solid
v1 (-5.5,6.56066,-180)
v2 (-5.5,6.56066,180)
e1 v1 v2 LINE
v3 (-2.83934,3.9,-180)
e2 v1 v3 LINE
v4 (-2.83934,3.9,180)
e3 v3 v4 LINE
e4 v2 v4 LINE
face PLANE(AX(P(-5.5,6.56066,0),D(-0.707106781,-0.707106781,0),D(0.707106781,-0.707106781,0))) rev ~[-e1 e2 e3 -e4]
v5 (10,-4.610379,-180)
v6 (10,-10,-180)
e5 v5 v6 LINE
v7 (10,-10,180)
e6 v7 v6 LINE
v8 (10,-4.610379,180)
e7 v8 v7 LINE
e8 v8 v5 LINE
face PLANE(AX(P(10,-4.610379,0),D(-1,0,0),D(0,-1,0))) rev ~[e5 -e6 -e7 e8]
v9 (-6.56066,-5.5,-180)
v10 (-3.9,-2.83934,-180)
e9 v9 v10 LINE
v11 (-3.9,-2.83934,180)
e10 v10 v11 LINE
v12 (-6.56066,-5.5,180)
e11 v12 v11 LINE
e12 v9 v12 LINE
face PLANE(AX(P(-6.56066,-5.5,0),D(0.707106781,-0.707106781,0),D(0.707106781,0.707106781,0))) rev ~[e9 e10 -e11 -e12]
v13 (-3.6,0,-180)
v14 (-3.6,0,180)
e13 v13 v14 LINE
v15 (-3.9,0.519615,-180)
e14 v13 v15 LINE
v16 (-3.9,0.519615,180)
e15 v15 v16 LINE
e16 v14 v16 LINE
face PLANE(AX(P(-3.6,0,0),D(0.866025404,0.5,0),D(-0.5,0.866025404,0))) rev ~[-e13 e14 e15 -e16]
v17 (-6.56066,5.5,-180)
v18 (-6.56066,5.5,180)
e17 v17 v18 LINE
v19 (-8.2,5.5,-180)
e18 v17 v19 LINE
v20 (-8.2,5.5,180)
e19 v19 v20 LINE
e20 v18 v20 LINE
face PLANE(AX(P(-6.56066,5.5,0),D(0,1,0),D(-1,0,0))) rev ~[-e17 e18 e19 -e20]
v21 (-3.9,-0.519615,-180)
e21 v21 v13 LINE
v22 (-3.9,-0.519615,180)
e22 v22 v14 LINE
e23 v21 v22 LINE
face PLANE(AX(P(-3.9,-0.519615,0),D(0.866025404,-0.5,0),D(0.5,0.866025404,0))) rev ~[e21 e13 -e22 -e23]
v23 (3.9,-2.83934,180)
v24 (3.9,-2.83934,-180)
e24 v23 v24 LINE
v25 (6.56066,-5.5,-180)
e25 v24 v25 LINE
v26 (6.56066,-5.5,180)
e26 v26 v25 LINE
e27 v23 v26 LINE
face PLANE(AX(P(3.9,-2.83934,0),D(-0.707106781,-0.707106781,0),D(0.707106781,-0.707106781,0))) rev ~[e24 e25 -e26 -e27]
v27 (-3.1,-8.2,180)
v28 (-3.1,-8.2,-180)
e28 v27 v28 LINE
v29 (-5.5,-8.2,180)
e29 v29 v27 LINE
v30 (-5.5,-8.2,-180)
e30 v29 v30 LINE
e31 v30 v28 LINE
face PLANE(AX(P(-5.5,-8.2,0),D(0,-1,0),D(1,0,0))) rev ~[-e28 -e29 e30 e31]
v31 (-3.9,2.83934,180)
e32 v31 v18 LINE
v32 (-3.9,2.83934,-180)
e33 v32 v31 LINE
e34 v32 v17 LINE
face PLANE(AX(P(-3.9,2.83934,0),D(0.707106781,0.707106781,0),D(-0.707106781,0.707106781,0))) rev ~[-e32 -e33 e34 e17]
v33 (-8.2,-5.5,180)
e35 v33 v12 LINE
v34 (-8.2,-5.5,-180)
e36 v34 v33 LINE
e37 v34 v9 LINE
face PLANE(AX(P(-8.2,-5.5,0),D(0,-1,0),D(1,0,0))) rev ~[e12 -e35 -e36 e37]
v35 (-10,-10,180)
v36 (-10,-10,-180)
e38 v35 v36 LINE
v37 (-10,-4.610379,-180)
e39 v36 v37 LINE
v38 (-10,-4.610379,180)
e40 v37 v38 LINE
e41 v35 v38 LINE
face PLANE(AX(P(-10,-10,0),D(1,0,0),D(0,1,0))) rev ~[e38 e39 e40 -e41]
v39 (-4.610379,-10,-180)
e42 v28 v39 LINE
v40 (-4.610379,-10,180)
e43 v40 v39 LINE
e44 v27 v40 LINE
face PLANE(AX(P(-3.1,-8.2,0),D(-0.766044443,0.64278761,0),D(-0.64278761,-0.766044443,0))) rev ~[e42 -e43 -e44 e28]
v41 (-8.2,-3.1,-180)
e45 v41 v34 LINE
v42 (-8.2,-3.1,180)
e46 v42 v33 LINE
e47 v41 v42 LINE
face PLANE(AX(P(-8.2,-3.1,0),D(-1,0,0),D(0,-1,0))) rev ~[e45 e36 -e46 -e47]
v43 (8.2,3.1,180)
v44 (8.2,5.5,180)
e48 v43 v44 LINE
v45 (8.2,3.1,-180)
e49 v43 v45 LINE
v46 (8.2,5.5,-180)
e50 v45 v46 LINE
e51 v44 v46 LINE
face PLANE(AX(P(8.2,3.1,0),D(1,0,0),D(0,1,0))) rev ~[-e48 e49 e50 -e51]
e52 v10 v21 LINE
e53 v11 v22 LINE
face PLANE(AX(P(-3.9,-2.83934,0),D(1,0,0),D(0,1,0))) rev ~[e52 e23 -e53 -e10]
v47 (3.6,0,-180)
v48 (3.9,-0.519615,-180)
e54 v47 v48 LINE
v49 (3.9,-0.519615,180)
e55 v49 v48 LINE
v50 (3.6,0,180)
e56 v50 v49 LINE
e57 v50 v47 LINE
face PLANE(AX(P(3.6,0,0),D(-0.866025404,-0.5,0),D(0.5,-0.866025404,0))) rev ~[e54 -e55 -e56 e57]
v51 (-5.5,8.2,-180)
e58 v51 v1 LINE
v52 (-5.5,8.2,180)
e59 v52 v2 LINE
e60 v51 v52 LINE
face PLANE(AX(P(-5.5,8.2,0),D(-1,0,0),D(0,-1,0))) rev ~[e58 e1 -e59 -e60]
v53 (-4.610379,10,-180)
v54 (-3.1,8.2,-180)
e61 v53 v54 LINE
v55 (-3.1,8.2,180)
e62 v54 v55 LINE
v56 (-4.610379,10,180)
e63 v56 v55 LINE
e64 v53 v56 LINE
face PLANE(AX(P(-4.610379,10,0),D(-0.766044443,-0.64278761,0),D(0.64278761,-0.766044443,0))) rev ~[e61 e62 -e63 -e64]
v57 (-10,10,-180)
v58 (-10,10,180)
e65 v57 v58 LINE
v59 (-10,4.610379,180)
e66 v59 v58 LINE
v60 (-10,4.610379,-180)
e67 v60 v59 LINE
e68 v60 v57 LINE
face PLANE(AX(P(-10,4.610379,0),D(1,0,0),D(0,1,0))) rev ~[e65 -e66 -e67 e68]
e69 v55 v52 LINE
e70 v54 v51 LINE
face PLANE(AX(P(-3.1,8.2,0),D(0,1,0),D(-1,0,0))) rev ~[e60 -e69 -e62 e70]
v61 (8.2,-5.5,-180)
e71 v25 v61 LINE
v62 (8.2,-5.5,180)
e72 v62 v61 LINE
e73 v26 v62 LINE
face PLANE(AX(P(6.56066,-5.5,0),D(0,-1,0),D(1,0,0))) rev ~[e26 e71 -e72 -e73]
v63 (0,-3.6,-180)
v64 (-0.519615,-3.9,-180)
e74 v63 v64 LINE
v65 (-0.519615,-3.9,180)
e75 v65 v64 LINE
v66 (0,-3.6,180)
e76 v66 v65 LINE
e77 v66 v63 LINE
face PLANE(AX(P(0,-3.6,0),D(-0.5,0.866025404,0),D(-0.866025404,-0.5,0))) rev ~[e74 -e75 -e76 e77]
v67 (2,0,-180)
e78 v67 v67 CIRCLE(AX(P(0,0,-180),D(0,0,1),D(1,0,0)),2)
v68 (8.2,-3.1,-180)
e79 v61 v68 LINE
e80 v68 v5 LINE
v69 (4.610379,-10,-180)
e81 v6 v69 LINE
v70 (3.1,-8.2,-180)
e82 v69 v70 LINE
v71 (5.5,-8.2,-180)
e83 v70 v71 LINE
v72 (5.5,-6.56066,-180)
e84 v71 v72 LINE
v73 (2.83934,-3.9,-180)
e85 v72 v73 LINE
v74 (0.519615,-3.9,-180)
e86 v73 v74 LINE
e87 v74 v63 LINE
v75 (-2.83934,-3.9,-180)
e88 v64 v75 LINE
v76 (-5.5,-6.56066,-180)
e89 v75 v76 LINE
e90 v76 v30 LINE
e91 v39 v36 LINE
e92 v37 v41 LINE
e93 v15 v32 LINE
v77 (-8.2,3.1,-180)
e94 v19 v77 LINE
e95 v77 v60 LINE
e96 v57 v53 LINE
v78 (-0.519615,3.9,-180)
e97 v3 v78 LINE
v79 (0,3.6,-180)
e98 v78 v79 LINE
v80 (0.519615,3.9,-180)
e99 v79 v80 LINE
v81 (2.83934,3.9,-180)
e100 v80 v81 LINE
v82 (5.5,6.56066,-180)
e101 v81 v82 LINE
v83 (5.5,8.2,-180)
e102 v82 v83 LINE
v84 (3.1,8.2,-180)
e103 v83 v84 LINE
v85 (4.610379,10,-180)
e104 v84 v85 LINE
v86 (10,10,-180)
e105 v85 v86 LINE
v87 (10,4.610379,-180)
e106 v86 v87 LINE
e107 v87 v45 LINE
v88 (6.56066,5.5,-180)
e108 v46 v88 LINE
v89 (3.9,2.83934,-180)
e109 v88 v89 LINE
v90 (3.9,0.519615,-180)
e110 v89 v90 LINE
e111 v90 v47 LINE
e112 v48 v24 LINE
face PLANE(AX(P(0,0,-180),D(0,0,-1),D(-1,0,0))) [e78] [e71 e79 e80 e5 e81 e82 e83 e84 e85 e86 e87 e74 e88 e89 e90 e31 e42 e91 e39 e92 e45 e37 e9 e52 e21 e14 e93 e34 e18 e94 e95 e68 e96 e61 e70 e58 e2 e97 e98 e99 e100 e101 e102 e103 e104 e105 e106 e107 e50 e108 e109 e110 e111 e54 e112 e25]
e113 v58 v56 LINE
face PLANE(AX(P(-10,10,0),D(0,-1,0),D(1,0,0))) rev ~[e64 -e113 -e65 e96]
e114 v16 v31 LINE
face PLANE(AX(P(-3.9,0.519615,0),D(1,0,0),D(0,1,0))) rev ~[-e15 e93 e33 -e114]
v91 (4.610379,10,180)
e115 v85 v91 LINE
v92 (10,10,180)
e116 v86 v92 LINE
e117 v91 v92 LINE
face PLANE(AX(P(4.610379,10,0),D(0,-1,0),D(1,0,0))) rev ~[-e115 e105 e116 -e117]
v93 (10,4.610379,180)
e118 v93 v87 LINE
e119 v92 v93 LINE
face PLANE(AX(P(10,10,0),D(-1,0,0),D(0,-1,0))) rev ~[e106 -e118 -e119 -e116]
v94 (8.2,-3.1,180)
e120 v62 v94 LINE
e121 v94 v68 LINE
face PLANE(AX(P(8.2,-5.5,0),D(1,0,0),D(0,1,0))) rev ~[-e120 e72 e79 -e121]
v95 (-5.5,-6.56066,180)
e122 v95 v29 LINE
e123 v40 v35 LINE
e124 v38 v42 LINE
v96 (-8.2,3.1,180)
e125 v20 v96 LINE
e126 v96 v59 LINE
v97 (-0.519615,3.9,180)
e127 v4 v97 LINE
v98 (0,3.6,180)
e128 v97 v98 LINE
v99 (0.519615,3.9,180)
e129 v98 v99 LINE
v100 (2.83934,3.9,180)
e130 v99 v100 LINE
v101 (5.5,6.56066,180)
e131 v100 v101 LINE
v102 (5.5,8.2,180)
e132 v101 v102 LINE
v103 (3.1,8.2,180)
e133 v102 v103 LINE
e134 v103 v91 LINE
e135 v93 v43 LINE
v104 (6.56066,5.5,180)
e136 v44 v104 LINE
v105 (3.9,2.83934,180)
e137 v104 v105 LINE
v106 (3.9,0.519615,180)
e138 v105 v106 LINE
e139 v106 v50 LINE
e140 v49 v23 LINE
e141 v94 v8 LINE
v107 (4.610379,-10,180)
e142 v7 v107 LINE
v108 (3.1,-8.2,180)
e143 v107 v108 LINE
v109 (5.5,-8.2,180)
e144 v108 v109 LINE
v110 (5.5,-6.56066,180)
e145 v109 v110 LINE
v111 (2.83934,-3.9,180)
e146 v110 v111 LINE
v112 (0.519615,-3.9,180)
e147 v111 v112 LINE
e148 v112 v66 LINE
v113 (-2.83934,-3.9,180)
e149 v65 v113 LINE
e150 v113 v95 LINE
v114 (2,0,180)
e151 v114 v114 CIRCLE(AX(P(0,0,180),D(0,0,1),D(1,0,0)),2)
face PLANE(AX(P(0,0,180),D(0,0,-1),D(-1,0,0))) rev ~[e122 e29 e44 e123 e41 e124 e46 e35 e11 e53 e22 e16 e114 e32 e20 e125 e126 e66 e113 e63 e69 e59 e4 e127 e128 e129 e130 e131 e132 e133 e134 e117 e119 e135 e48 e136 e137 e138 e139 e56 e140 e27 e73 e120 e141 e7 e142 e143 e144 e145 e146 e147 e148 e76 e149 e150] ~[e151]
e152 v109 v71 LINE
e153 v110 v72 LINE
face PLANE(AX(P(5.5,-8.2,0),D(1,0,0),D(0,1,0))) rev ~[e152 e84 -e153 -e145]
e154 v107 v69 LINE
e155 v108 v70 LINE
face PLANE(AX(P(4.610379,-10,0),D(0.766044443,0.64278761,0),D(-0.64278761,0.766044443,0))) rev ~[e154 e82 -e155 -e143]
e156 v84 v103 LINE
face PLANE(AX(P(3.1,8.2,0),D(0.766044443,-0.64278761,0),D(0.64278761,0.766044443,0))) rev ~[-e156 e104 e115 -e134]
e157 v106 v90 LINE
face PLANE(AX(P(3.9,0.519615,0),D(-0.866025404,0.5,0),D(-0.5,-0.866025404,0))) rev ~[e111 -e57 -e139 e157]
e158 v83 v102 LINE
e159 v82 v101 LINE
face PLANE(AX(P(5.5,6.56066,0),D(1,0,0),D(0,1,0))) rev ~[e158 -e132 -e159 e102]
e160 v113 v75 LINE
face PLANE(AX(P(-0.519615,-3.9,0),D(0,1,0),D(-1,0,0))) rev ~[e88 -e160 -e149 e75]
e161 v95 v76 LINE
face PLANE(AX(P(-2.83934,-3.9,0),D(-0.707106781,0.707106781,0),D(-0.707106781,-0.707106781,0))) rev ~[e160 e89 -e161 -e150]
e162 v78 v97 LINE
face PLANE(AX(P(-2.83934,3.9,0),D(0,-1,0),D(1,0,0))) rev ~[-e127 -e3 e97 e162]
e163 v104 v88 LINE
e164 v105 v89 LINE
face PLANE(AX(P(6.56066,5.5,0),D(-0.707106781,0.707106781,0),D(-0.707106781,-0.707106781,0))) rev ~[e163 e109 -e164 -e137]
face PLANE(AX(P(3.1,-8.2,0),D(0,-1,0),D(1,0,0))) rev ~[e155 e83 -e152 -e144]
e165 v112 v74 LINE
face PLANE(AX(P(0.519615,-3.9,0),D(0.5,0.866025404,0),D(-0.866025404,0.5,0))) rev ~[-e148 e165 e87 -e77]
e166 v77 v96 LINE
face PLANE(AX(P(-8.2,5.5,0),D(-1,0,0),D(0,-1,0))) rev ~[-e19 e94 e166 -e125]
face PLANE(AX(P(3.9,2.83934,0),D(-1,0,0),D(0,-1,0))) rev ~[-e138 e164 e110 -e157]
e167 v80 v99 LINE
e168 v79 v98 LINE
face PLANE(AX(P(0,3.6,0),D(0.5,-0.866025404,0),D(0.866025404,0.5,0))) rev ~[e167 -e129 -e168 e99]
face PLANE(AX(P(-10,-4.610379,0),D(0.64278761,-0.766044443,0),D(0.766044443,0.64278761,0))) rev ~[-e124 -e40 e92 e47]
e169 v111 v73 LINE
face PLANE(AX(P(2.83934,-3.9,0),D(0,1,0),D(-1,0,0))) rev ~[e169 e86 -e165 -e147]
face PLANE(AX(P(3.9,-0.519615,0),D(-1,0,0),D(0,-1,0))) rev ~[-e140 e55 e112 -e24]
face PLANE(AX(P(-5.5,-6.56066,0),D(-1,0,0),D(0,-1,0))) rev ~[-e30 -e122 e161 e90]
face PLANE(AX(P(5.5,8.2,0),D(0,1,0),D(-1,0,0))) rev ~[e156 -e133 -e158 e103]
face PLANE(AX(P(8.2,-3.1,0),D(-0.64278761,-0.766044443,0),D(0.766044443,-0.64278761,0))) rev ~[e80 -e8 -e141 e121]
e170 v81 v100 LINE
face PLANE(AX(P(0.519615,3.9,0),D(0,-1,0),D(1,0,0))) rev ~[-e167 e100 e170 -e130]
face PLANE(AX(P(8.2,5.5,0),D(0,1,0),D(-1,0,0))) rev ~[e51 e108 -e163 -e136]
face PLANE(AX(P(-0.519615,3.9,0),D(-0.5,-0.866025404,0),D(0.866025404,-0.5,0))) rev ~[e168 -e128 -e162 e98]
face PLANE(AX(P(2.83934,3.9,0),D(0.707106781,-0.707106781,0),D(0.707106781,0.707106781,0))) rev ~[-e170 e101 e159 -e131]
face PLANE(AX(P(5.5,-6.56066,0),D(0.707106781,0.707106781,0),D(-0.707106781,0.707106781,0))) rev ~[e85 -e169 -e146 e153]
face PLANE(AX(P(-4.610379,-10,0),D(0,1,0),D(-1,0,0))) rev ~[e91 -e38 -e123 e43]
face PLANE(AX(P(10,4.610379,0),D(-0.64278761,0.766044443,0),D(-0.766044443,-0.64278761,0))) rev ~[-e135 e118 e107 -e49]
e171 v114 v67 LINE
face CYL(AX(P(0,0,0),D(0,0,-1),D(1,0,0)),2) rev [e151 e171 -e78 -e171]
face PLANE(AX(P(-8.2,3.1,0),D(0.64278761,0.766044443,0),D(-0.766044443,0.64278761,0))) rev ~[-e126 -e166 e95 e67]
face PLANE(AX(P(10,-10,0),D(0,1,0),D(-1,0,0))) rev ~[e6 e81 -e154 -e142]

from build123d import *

# Parameters (mm, degrees)
SKETCH1_R           = 2
BOSS_EXTRUDE1_DEPTH = 180


with BuildPart() as part:
    # Sketch1 → Boss-Extrude1 (new body, symmetric)
    with BuildSketch(Plane.XY):
        Polygon((10, 10), (10, 4.610379336), (8.2, 3.1), (8.2, 5.5), (6.560660172, 5.5), (3.9, 2.839339828), (3.9, 0.519615242), (3.6, 0), (3.9, -0.519615242), (3.9, -2.839339828), (6.560660172, -5.5), (8.2, -5.5), (8.2, -3.1), (10, -4.610379336), (10, -10), (4.610379336, -10), (3.1, -8.2), (5.5, -8.2), (5.5, -6.560660172), (2.839339828, -3.9), (0.519615242, -3.9), (0, -3.6), (-0.519615242, -3.9), (-2.839339828, -3.9), (-5.5, -6.560660172), (-5.5, -8.2), (-3.1, -8.2), (-4.610379336, -10), (-10, -10), (-10, -4.610379336), (-8.2, -3.1), (-8.2, -5.5), (-6.560660172, -5.5), (-3.9, -2.839339828), (-3.9, -0.519615242), (-3.6, 0), (-3.9, 0.519615242), (-3.9, 2.839339828), (-6.560660172, 5.5), (-8.2, 5.5), (-8.2, 3.1), (-10, 4.610379336), (-10, 10), (-4.610379336, 10), (-3.1, 8.2), (-5.5, 8.2), (-5.5, 6.560660172), (-2.839339828, 3.9), (-0.519615242, 3.9), (0, 3.6), (0.519615242, 3.9), (2.839339828, 3.9), (5.5, 6.560660172), (5.5, 8.2), (3.1, 8.2), (4.610379336, 10), align=None)
        Circle(SKETCH1_R, mode=Mode.SUBTRACT)
    extrude(amount=BOSS_EXTRUDE1_DEPTH, both=True)


solid = part.part
